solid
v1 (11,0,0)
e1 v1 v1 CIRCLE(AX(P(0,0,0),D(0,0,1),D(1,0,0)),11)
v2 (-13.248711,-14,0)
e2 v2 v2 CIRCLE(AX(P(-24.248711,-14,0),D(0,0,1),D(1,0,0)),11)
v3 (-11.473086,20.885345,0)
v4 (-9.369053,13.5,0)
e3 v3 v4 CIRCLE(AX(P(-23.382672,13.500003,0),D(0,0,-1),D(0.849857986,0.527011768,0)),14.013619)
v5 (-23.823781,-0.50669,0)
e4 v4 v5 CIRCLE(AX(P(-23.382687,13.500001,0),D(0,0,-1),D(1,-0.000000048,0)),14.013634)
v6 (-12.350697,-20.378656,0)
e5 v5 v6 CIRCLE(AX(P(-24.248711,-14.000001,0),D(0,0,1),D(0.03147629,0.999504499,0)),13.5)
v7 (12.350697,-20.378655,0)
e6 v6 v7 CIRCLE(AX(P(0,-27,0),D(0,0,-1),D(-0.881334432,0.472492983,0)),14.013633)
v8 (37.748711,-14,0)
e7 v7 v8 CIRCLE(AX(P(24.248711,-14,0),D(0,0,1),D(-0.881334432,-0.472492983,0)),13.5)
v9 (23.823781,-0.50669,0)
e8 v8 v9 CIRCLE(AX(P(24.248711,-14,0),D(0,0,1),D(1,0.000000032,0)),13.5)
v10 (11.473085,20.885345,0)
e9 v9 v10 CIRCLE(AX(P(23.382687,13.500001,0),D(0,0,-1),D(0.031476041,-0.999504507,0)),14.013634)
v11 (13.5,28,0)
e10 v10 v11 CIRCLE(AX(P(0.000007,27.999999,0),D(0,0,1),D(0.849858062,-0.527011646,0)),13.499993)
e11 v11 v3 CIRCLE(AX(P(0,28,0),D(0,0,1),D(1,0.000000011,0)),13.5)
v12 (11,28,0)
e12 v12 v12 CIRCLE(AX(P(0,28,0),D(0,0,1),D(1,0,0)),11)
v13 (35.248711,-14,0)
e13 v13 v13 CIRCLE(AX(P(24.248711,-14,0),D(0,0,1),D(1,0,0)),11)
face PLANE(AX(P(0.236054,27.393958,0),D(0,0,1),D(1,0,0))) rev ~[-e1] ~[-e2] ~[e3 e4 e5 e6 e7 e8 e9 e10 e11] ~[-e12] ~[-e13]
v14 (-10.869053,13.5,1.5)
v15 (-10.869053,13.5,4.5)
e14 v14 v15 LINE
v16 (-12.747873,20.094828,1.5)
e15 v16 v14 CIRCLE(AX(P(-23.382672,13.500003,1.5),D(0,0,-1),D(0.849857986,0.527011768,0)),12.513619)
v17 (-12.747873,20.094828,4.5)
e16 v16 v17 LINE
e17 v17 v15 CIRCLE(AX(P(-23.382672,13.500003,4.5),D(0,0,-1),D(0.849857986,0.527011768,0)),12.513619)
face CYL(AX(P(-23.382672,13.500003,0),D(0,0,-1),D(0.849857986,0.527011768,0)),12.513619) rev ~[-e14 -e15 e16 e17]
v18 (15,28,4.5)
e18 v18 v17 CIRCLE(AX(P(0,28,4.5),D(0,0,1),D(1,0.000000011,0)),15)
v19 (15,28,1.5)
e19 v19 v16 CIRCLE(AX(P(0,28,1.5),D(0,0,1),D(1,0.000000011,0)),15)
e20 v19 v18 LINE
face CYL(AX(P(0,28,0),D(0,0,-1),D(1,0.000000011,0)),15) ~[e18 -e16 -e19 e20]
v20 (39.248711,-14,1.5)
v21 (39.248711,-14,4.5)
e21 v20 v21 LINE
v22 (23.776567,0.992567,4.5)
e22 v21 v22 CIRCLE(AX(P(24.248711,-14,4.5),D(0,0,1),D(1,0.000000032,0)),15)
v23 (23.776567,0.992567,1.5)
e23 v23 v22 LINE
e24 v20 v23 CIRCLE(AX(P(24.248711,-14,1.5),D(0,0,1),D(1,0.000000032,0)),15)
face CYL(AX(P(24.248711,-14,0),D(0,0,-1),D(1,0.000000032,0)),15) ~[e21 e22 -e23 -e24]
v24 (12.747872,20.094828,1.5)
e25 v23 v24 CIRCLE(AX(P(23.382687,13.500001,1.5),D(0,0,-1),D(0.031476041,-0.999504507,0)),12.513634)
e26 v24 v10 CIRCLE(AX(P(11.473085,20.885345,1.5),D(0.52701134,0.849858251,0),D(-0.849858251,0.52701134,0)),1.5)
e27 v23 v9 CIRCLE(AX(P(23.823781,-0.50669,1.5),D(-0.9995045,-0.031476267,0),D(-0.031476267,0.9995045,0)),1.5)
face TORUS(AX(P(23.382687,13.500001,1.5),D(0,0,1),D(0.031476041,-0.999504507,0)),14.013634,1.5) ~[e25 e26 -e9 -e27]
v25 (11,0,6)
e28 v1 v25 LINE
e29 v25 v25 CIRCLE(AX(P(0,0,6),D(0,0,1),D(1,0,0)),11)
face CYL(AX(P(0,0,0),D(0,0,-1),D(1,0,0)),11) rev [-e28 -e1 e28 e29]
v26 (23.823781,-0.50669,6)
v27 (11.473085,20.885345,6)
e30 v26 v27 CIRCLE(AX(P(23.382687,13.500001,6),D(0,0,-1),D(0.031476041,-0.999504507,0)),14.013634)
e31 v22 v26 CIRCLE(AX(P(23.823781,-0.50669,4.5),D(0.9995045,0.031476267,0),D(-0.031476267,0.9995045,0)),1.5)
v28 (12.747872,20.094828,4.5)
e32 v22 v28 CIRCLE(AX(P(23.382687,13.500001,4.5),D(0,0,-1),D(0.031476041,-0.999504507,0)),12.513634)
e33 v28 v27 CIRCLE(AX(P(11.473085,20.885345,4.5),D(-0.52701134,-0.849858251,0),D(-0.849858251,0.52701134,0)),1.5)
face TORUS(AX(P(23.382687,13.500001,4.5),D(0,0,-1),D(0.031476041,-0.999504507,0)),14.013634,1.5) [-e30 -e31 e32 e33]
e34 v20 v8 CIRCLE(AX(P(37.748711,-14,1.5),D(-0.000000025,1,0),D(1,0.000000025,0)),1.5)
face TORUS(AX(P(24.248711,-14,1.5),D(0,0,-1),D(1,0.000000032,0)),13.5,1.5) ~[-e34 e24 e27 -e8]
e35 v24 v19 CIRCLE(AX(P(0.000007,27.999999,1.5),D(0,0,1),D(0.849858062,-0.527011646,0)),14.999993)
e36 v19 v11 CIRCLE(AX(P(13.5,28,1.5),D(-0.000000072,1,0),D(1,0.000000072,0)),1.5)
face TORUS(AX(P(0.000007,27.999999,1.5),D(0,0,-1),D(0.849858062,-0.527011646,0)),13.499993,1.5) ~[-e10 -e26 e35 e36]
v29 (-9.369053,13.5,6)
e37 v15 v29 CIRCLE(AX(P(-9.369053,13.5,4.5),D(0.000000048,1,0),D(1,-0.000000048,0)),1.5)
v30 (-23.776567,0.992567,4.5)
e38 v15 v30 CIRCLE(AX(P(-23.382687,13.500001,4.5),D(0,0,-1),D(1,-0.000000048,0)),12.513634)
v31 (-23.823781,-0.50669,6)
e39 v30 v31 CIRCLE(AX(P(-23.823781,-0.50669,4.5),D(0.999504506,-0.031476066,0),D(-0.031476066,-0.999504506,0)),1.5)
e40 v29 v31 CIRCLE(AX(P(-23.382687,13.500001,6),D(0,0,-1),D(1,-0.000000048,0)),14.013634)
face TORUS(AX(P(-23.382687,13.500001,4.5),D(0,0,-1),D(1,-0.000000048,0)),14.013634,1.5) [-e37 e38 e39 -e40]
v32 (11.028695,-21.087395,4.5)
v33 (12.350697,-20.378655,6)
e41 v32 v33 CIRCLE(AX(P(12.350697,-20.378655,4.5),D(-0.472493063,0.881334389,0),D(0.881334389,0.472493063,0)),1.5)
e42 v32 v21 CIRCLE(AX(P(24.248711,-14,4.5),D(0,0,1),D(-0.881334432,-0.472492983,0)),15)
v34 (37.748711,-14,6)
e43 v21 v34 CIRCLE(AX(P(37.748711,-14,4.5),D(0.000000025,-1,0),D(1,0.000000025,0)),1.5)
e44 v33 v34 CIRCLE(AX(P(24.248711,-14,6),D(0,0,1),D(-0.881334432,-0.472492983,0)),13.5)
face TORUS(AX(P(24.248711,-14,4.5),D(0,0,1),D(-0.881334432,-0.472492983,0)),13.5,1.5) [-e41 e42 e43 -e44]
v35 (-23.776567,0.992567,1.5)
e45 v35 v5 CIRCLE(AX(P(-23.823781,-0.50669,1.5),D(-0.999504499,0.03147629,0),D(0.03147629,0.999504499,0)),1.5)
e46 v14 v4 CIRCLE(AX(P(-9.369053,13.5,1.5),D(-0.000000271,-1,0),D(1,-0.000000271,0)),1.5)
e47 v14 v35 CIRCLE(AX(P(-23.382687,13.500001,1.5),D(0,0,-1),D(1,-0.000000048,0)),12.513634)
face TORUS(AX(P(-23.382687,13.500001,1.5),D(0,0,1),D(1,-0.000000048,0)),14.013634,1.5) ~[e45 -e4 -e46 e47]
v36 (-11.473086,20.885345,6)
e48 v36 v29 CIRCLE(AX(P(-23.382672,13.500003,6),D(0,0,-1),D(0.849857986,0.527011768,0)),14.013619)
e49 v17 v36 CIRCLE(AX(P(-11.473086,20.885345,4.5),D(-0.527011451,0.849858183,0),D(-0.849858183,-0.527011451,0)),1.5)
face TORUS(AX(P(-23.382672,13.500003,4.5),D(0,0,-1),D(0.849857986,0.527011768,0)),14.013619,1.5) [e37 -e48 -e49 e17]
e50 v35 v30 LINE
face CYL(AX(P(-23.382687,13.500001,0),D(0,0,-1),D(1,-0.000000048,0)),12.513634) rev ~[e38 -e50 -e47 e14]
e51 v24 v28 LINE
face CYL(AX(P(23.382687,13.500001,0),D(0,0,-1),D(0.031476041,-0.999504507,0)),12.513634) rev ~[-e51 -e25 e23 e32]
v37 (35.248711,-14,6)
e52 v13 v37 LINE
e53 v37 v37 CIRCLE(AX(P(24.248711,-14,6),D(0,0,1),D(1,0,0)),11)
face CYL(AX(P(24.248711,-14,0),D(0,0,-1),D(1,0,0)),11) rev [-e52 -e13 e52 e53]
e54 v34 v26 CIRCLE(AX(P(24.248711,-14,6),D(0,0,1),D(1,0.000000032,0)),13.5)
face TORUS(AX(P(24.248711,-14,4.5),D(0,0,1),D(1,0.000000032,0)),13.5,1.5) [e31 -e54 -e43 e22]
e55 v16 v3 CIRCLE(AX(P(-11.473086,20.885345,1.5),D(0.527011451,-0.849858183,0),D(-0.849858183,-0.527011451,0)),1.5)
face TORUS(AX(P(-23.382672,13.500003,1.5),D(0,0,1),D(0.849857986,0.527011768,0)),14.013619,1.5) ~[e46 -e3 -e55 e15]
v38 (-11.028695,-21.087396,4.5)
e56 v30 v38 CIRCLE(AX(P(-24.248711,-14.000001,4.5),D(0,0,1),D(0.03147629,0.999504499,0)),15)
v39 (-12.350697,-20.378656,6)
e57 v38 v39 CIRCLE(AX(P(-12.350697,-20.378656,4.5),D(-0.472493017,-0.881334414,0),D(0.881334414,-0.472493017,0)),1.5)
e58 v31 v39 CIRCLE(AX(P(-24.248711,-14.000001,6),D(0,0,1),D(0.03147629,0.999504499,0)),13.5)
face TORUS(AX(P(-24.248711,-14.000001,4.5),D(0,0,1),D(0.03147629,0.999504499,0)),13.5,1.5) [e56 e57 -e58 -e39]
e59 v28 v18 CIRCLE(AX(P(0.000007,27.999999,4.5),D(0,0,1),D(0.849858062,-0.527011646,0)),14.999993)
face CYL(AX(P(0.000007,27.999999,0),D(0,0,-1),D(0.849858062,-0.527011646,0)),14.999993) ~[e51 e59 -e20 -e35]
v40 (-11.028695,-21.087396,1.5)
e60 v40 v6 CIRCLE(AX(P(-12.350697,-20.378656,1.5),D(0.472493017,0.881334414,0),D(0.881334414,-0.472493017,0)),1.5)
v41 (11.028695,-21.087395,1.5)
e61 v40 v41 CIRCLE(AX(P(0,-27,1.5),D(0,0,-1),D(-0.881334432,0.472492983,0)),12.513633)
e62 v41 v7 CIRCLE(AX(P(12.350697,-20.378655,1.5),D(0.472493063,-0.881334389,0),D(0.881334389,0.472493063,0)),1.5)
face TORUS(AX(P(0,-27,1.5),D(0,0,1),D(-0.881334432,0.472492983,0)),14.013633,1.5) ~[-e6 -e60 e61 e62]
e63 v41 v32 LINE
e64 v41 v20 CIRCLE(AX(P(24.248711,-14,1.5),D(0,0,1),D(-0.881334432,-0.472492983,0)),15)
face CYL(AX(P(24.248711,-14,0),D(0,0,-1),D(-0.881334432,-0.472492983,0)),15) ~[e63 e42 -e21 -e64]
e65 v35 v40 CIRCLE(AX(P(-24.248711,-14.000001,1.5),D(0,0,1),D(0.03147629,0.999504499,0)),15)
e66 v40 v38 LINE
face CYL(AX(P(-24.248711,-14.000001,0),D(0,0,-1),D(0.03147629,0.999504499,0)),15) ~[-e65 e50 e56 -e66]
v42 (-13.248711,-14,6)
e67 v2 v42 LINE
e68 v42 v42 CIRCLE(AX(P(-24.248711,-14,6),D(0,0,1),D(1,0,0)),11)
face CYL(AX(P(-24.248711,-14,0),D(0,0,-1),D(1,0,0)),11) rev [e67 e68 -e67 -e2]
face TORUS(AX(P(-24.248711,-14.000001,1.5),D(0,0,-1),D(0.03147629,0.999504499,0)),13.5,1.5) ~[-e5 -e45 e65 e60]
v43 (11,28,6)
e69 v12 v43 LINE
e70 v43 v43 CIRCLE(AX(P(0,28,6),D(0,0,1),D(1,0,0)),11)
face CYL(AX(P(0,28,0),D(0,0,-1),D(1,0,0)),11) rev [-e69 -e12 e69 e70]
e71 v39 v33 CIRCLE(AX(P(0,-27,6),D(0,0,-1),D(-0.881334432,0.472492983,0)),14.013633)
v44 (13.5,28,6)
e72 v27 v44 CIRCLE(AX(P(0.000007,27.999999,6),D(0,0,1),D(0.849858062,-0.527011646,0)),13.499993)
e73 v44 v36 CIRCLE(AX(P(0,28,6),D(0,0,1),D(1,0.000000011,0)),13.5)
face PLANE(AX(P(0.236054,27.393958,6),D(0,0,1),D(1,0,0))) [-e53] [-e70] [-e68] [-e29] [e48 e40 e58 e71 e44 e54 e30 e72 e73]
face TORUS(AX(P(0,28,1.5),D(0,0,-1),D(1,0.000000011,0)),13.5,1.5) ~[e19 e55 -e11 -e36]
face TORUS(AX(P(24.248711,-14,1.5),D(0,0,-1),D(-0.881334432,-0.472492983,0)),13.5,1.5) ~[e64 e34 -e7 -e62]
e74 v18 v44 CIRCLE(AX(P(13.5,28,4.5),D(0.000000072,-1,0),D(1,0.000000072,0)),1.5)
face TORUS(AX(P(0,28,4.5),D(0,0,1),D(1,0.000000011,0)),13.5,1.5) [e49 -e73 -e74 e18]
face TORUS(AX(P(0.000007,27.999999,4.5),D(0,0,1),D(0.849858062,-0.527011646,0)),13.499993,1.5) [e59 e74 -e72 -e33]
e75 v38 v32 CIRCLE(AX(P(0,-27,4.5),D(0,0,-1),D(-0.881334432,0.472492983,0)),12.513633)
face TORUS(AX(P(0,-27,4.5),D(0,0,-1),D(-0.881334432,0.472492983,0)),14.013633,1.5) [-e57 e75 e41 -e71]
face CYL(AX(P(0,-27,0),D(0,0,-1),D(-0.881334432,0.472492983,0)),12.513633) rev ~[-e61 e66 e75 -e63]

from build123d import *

# Parameters (mm, degrees)
F0_R     = 11
F1_DEPTH = 6
F2_R     = 1.5


with BuildPart() as f1:
    # F0 (on Top) → F1 (new body)
    with BuildSketch(Plane.XY):
        with BuildLine():
            ThreePointArc((12.747872, 20.094828), (14.425985, 23.890139), (15, 28))
            ThreePointArc((15, 28), (-4.109861, 42.425985), (-12.747873, 20.094828))
            ThreePointArc((-12.747873, 20.094828), (0, 13), (12.747872, 20.094828))
        make_face()
        with Locations((0, 28)):
            Circle(F0_R, mode=Mode.SUBTRACT)
        with BuildLine():
            ThreePointArc((12.747872, 20.094828), (0, 13), (-12.747873, 20.094828))
            ThreePointArc((-12.747873, 20.094828), (-11.34792, 16.928619), (-10.869053, 13.5))
            ThreePointArc((-10.869053, 13.5), (-14.674583, 4.513346), (-23.776567, 0.992567))
            ThreePointArc((-23.776567, 0.992567), (-13.476475, -3.561661), (-9.248711, -14))
            ThreePointArc((-9.248711, -14), (-9.700511, -17.653749), (-11.028695, -21.087396))
            ThreePointArc((-11.028695, -21.087396), (0, -14.486367), (11.028695, -21.087395))
            ThreePointArc((11.028695, -21.087395), (11.25833, -6.5), (23.776567, 0.992567))
            ThreePointArc((23.776567, 0.992567), (12.545562, 7.243184), (12.747872, 20.094828))
        make_face()
        Circle(F0_R, mode=Mode.SUBTRACT)
        with BuildLine():
            ThreePointArc((-9.248711, -14), (-13.476475, -3.561661), (-23.776567, 0.992567))
            ThreePointArc((-23.776567, 0.992567), (-37.239093, -21.5), (-11.028695, -21.087396))
            ThreePointArc((-11.028695, -21.087396), (-9.700511, -17.653749), (-9.248711, -14))
        make_face()
        with Locations((-24.248711, -14)):
            Circle(F0_R, mode=Mode.SUBTRACT)
        with BuildLine():
            ThreePointArc((39.248711, -14), (34.68705, -3.227764), (23.776567, 0.992567))
            ThreePointArc((23.776567, 0.992567), (11.25833, -6.5), (11.028695, -21.087395))
            ThreePointArc((11.028695, -21.087395), (27.90246, -28.5482), (39.248711, -14))
        make_face()
        with Locations((24.248711, -14)):
            Circle(F0_R, mode=Mode.SUBTRACT)
    extrude(amount=F1_DEPTH)

    # F2
    f2_edges = [f1.edges().sort_by_distance(p)[0] for p in [
        (-12.545562, 7.243184, 6),
        (-37.239093, -21.5, 0),
    ]]
    fillet(f2_edges, radius=F2_R)


solid = f1.part
